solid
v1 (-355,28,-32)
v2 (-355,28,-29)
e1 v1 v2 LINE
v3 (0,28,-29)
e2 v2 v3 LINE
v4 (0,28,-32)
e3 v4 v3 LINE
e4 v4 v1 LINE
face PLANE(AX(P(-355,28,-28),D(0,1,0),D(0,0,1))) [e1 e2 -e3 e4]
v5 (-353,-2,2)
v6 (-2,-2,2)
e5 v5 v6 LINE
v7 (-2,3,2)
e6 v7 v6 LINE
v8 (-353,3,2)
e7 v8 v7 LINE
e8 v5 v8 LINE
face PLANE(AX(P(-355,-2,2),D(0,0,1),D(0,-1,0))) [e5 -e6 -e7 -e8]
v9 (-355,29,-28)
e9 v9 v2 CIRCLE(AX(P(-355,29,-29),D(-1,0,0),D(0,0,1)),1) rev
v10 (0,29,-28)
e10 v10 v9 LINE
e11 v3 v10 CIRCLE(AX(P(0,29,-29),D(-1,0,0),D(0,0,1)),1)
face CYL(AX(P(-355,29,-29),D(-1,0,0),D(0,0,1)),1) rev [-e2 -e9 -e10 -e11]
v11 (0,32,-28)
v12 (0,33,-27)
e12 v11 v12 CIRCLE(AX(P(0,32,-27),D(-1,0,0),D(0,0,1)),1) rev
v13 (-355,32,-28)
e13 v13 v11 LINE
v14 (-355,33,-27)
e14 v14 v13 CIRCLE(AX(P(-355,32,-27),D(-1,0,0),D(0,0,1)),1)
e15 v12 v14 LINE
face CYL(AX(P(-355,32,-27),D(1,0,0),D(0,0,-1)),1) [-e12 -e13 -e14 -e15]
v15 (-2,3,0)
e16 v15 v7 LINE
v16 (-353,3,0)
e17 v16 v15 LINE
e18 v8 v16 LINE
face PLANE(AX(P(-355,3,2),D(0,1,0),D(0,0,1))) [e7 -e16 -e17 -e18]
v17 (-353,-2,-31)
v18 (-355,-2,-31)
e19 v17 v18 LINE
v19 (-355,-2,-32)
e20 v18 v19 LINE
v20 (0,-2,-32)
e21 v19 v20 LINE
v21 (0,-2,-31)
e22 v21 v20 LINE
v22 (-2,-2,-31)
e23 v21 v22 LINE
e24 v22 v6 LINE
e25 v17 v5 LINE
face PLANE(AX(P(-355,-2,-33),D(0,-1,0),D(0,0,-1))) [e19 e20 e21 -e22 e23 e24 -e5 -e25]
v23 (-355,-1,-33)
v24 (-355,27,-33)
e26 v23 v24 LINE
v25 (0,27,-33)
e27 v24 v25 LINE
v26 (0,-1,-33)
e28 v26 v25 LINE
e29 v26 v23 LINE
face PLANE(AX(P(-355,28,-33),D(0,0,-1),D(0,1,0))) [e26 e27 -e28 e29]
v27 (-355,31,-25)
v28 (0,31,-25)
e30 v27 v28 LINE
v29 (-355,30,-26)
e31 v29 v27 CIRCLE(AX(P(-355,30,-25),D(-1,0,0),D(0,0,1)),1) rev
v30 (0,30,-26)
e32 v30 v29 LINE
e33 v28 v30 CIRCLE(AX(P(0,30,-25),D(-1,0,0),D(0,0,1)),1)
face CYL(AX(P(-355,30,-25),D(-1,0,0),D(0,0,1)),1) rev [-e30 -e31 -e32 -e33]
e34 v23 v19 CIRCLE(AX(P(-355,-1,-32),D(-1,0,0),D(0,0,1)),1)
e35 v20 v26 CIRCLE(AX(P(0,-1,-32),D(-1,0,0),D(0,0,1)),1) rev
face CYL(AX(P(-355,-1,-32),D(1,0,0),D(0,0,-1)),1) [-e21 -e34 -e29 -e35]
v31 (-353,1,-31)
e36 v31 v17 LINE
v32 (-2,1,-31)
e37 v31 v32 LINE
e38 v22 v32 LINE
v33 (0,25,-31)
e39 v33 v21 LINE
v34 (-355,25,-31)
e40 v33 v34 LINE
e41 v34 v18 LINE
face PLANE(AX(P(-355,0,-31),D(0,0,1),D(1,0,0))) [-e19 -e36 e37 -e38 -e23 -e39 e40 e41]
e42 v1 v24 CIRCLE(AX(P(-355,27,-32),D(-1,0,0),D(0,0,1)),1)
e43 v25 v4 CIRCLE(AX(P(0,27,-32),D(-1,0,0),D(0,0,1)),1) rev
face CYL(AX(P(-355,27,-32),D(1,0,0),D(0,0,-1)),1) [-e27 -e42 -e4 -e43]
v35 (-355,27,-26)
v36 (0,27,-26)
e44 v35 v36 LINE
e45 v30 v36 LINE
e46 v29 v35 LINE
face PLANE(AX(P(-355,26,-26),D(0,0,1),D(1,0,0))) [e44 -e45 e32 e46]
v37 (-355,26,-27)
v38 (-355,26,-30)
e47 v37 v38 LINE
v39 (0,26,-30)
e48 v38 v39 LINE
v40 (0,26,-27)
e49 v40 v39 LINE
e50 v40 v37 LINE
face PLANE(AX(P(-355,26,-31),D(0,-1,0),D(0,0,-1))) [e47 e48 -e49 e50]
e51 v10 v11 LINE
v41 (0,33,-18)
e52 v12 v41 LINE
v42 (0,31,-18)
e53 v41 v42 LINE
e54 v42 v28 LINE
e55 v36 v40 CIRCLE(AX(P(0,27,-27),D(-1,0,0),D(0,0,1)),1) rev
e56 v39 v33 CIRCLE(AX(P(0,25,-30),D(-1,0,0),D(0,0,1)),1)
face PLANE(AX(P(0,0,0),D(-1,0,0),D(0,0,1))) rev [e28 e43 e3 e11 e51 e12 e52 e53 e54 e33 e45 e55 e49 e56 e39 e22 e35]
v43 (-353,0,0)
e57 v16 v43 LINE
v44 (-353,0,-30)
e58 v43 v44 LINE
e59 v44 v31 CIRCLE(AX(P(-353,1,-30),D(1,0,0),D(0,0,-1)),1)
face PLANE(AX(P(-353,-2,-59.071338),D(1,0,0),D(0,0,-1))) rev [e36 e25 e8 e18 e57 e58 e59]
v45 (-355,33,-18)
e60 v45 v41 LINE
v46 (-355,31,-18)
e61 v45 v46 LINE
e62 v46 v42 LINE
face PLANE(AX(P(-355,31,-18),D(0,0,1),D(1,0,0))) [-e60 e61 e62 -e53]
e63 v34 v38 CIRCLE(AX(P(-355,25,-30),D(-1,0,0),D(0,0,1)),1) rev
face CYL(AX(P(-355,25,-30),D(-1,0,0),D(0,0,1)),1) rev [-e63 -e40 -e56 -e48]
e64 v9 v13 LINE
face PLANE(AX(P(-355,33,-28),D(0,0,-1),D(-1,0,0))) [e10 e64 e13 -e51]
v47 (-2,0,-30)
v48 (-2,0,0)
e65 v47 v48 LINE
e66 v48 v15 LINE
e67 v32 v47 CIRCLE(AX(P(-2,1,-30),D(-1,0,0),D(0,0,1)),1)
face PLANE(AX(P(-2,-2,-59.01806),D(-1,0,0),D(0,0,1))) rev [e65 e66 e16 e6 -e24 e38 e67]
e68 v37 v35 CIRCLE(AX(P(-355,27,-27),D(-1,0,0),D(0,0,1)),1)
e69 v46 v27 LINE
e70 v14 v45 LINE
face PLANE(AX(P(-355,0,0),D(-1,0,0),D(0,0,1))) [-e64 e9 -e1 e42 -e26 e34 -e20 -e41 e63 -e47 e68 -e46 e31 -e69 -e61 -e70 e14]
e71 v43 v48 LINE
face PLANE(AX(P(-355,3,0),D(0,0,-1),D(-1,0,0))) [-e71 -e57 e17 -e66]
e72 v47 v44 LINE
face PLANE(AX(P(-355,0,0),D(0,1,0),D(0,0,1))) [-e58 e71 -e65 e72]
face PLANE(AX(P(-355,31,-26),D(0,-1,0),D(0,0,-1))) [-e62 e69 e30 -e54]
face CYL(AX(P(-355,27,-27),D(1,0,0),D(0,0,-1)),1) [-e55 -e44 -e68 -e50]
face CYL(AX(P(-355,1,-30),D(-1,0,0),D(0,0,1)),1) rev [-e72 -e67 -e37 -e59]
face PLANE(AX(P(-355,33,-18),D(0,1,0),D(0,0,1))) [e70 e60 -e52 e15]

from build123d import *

# Parameters (mm, degrees)
BOSS_EXTRUDE5_DEPTH = 355
SKETCH7_W           = 2
SKETCH7_H           = 27.946586717
CUT_EXTRUDE1_DEPTH  = 33
SKETCH9_W           = 2
SKETCH9_H           = 28
CUT_EXTRUDE2_DEPTH  = 33
FILLET4_R           = 1
FILLET5_R           = 1
FILLET6_R           = 1
FILLET7_R           = 1


with BuildPart() as part:
    # Sketch6 → Boss-Extrude5 (new body)
    with BuildSketch(Plane(origin=(0, 0, 0), x_dir=(0, 0, -1), z_dir=(1, 0, 0))):
        Polygon((0, 3), (0, 0), (31, 0), (31, 26), (26, 26), (26, 31), (18, 31), (18, 33), (28, 33), (28, 28), (33, 28), (33, -2), (-2, -2), (-2, 3), align=None)
    extrude(amount=-BOSS_EXTRUDE5_DEPTH)

    # Sketch7 → Cut-Extrude1 (cut)
    with BuildSketch(Plane.XY.offset(2)):
        with Locations((-1, 11.973293359)):
            Rectangle(SKETCH7_W, SKETCH7_H)
    extrude(amount=-CUT_EXTRUDE1_DEPTH, mode=Mode.SUBTRACT)

    # Sketch9 → Cut-Extrude2 (cut)
    with BuildSketch(Plane.XY.offset(2)):
        with Locations((-354, 12)):
            Rectangle(SKETCH9_W, SKETCH9_H)
    extrude(amount=-CUT_EXTRUDE2_DEPTH, mode=Mode.SUBTRACT)

    # Fillet4
    fillet4_edges = [part.edges().sort_by_distance(p)[0] for p in [
        (-177.5, 26, -31),
        (-177.5, 31, -26),
        (-177.5, 33, -28),
        (-177.5, 28, -28),
        (-177.5, 28, -33),
    ]]
    fillet(fillet4_edges, radius=FILLET4_R)

    # Fillet5
    fillet5_edges = [part.edges().sort_by_distance(p)[0] for p in [
        (-177.5, -2, -33),
    ]]
    fillet(fillet5_edges, radius=FILLET5_R)

    # Fillet6
    fillet6_edges = [part.edges().sort_by_distance(p)[0] for p in [
        (-177.5, 0, -31),
    ]]
    fillet(fillet6_edges, radius=FILLET6_R)

    # Fillet7
    fillet7_edges = [part.edges().sort_by_distance(p)[0] for p in [
        (-177.5, 26, -26),
    ]]
    fillet(fillet7_edges, radius=FILLET7_R)


solid = part.part
